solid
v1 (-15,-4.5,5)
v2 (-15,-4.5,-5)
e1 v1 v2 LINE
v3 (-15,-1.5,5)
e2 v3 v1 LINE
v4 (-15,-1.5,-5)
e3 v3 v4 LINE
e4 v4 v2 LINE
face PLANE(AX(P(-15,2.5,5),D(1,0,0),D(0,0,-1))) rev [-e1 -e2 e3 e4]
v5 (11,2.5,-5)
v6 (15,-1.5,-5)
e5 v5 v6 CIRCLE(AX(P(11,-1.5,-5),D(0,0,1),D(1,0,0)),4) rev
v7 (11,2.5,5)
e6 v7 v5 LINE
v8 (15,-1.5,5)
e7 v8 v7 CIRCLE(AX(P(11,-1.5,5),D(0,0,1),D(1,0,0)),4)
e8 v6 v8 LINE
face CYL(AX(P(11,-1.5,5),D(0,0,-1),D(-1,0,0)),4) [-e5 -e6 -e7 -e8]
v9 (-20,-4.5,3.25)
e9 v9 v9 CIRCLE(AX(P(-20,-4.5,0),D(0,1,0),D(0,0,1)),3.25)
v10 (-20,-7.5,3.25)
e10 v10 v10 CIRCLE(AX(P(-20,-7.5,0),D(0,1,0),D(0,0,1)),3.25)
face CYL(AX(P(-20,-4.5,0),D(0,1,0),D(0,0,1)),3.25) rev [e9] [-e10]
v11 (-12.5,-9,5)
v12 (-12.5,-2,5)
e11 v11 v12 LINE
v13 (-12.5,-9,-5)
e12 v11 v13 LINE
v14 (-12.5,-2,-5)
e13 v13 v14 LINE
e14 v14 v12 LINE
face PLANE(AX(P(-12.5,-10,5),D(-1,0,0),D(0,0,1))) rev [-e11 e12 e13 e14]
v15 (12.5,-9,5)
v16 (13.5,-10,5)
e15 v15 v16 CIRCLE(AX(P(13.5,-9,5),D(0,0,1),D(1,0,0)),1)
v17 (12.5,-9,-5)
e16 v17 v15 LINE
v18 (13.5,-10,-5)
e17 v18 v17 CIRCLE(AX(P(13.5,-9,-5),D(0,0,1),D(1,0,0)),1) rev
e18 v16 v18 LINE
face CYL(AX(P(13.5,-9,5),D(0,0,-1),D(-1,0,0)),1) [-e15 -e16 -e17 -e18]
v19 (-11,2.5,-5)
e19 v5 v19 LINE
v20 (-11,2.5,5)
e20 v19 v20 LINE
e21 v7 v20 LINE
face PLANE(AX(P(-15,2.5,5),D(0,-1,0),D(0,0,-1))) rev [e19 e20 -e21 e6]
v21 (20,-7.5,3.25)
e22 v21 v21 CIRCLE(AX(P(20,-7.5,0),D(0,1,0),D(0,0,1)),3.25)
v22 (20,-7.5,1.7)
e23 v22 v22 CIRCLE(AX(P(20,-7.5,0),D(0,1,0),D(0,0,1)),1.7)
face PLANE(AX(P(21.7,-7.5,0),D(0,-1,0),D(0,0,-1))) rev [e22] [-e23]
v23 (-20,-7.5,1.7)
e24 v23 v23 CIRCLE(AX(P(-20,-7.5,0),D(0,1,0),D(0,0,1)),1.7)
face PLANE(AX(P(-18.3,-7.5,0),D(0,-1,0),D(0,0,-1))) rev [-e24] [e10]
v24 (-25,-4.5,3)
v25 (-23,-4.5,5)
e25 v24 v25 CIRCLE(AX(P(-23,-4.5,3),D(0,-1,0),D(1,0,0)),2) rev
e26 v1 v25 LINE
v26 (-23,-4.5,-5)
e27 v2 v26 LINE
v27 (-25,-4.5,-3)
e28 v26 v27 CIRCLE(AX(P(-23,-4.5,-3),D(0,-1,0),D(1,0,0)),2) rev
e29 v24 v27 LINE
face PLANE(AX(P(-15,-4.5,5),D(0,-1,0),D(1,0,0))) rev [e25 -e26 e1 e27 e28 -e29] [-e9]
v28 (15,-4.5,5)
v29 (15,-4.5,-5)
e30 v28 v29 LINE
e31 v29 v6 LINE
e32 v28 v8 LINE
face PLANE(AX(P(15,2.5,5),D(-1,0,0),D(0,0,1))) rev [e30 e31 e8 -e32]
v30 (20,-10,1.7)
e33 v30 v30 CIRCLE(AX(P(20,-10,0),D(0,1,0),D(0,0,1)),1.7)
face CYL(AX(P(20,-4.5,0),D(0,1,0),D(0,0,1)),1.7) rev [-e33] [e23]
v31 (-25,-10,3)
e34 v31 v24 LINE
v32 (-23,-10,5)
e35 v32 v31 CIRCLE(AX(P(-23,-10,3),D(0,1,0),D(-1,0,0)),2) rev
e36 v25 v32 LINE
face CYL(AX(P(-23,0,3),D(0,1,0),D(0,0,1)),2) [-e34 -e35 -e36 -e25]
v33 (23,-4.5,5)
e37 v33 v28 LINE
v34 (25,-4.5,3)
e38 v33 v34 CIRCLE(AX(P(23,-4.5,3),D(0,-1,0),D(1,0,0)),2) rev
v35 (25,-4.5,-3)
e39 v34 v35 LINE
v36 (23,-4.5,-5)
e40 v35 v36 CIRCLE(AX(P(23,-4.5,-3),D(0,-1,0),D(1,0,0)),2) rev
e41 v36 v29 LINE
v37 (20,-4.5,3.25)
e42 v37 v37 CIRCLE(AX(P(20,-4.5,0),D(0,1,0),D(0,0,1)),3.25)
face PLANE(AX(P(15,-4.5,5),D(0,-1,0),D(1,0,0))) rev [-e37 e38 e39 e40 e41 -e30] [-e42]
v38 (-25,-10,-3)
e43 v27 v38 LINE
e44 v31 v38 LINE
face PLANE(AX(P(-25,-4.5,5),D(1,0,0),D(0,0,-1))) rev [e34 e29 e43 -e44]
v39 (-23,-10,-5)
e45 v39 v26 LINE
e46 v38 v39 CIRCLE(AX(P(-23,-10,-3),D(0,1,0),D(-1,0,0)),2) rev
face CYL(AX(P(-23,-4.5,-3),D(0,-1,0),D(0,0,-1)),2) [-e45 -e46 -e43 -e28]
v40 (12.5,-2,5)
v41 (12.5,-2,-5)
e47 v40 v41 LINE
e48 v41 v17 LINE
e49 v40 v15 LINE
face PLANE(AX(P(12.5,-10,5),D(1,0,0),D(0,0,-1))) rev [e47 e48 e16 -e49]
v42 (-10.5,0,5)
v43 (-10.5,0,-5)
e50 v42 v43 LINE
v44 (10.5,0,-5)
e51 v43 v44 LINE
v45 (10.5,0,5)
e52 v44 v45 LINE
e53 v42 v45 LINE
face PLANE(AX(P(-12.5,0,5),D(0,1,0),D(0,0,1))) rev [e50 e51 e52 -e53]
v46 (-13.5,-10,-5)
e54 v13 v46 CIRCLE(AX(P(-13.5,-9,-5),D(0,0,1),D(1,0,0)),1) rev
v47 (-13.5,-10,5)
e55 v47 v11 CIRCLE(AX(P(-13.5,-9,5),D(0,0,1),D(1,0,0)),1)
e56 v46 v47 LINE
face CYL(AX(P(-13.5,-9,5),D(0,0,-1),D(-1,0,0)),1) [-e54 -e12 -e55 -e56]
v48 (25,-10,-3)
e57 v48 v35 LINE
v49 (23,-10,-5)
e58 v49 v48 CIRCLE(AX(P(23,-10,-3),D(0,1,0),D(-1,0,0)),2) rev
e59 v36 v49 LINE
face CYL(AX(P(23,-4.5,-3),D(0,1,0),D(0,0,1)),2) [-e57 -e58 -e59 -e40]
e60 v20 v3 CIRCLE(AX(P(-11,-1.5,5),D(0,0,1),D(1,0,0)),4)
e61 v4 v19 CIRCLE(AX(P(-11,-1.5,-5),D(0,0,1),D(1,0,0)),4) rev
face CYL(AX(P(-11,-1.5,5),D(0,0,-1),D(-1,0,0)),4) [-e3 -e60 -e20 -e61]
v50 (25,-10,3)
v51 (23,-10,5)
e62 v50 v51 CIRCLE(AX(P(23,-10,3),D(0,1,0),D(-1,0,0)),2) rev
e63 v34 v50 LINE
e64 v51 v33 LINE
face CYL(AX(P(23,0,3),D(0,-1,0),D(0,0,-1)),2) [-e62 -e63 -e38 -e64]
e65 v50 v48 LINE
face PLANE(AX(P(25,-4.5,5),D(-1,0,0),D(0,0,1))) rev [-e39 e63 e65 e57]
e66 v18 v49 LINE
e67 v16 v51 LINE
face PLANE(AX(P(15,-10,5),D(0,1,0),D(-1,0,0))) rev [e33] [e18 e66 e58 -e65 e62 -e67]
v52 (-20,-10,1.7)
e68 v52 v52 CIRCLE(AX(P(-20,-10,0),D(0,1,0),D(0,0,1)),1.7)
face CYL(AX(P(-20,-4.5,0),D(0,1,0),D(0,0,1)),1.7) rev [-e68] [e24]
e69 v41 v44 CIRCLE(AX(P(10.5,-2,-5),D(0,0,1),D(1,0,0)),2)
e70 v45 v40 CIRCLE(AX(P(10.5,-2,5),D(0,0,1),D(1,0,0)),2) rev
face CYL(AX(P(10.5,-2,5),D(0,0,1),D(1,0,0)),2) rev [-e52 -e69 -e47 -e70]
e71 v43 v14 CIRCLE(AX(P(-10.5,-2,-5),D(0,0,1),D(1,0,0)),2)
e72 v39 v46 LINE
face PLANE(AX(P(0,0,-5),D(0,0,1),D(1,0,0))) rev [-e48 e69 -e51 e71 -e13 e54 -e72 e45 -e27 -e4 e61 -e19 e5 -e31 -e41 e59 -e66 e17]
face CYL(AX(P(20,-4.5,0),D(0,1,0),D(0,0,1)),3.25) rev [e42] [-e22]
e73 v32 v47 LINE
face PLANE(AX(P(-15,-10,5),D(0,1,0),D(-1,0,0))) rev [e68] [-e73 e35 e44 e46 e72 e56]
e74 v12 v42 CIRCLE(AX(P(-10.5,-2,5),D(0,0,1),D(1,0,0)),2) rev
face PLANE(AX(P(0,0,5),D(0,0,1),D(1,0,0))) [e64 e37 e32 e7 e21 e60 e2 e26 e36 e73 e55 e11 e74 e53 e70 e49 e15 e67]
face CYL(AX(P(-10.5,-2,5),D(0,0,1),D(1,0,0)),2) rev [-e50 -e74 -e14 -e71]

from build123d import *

# Parameters (mm, degrees)
BOSS_EXTRUDE1_DEPTH            = 5
FILLET1_R                      = 2
FILLET2_R                      = 4
FILLET3_R                      = 2
FILLET4_R                      = 1
CBORE_FOR_M3_SHCS2_D           = 3.4
CBORE_FOR_M3_SHCS2_CBORE_D     = 6.5
CBORE_FOR_M3_SHCS2_CBORE_DEPTH = 3


with BuildPart() as part:
    # Sketch1 → Boss-Extrude1 (new body, symmetric)
    with BuildSketch(Plane.XY):
        Polygon((-15, 2.5), (15, 2.5), (15, -4.5), (25, -4.5), (25, -10), (15, -10), (12.5, -10), (12.5, 0), (-12.5, 0), (-12.5, -10), (-15, -10), (-25, -10), (-25, -4.5), (-15, -4.5), align=None)
    extrude(amount=BOSS_EXTRUDE1_DEPTH, both=True)

    # Fillet1
    fillet1_edges = [part.edges().sort_by_distance(p)[0] for p in [
        (12.5, 0, 0),
        (-12.5, 0, 0),
    ]]
    fillet(fillet1_edges, radius=FILLET1_R)

    # Fillet2
    fillet2_edges = [part.edges().sort_by_distance(p)[0] for p in [
        (-15, 2.5, 0),
        (15, 2.5, 0),
    ]]
    fillet(fillet2_edges, radius=FILLET2_R)

    # Fillet3
    fillet3_edges = [part.edges().sort_by_distance(p)[0] for p in [
        (25, -7.25, -5),
        (-25, -7.25, -5),
        (-25, -7.25, 5),
        (25, -7.25, 5),
    ]]
    fillet(fillet3_edges, radius=FILLET3_R)

    # Fillet4
    fillet4_edges = [part.edges().sort_by_distance(p)[0] for p in [
        (12.5, -10, 0),
        (-12.5, -10, 0),
    ]]
    fillet(fillet4_edges, radius=FILLET4_R)

    # CBORE for M3 SHCS2 (through all)
    with Locations(Plane(origin=(0, -4.5, 0), x_dir=(1, 0, 0), z_dir=(0, 1, 0))):
        with Locations((20, 0), (-20, 0)):
            CounterBoreHole(CBORE_FOR_M3_SHCS2_D / 2, CBORE_FOR_M3_SHCS2_CBORE_D / 2, CBORE_FOR_M3_SHCS2_CBORE_DEPTH)


solid = part.part
